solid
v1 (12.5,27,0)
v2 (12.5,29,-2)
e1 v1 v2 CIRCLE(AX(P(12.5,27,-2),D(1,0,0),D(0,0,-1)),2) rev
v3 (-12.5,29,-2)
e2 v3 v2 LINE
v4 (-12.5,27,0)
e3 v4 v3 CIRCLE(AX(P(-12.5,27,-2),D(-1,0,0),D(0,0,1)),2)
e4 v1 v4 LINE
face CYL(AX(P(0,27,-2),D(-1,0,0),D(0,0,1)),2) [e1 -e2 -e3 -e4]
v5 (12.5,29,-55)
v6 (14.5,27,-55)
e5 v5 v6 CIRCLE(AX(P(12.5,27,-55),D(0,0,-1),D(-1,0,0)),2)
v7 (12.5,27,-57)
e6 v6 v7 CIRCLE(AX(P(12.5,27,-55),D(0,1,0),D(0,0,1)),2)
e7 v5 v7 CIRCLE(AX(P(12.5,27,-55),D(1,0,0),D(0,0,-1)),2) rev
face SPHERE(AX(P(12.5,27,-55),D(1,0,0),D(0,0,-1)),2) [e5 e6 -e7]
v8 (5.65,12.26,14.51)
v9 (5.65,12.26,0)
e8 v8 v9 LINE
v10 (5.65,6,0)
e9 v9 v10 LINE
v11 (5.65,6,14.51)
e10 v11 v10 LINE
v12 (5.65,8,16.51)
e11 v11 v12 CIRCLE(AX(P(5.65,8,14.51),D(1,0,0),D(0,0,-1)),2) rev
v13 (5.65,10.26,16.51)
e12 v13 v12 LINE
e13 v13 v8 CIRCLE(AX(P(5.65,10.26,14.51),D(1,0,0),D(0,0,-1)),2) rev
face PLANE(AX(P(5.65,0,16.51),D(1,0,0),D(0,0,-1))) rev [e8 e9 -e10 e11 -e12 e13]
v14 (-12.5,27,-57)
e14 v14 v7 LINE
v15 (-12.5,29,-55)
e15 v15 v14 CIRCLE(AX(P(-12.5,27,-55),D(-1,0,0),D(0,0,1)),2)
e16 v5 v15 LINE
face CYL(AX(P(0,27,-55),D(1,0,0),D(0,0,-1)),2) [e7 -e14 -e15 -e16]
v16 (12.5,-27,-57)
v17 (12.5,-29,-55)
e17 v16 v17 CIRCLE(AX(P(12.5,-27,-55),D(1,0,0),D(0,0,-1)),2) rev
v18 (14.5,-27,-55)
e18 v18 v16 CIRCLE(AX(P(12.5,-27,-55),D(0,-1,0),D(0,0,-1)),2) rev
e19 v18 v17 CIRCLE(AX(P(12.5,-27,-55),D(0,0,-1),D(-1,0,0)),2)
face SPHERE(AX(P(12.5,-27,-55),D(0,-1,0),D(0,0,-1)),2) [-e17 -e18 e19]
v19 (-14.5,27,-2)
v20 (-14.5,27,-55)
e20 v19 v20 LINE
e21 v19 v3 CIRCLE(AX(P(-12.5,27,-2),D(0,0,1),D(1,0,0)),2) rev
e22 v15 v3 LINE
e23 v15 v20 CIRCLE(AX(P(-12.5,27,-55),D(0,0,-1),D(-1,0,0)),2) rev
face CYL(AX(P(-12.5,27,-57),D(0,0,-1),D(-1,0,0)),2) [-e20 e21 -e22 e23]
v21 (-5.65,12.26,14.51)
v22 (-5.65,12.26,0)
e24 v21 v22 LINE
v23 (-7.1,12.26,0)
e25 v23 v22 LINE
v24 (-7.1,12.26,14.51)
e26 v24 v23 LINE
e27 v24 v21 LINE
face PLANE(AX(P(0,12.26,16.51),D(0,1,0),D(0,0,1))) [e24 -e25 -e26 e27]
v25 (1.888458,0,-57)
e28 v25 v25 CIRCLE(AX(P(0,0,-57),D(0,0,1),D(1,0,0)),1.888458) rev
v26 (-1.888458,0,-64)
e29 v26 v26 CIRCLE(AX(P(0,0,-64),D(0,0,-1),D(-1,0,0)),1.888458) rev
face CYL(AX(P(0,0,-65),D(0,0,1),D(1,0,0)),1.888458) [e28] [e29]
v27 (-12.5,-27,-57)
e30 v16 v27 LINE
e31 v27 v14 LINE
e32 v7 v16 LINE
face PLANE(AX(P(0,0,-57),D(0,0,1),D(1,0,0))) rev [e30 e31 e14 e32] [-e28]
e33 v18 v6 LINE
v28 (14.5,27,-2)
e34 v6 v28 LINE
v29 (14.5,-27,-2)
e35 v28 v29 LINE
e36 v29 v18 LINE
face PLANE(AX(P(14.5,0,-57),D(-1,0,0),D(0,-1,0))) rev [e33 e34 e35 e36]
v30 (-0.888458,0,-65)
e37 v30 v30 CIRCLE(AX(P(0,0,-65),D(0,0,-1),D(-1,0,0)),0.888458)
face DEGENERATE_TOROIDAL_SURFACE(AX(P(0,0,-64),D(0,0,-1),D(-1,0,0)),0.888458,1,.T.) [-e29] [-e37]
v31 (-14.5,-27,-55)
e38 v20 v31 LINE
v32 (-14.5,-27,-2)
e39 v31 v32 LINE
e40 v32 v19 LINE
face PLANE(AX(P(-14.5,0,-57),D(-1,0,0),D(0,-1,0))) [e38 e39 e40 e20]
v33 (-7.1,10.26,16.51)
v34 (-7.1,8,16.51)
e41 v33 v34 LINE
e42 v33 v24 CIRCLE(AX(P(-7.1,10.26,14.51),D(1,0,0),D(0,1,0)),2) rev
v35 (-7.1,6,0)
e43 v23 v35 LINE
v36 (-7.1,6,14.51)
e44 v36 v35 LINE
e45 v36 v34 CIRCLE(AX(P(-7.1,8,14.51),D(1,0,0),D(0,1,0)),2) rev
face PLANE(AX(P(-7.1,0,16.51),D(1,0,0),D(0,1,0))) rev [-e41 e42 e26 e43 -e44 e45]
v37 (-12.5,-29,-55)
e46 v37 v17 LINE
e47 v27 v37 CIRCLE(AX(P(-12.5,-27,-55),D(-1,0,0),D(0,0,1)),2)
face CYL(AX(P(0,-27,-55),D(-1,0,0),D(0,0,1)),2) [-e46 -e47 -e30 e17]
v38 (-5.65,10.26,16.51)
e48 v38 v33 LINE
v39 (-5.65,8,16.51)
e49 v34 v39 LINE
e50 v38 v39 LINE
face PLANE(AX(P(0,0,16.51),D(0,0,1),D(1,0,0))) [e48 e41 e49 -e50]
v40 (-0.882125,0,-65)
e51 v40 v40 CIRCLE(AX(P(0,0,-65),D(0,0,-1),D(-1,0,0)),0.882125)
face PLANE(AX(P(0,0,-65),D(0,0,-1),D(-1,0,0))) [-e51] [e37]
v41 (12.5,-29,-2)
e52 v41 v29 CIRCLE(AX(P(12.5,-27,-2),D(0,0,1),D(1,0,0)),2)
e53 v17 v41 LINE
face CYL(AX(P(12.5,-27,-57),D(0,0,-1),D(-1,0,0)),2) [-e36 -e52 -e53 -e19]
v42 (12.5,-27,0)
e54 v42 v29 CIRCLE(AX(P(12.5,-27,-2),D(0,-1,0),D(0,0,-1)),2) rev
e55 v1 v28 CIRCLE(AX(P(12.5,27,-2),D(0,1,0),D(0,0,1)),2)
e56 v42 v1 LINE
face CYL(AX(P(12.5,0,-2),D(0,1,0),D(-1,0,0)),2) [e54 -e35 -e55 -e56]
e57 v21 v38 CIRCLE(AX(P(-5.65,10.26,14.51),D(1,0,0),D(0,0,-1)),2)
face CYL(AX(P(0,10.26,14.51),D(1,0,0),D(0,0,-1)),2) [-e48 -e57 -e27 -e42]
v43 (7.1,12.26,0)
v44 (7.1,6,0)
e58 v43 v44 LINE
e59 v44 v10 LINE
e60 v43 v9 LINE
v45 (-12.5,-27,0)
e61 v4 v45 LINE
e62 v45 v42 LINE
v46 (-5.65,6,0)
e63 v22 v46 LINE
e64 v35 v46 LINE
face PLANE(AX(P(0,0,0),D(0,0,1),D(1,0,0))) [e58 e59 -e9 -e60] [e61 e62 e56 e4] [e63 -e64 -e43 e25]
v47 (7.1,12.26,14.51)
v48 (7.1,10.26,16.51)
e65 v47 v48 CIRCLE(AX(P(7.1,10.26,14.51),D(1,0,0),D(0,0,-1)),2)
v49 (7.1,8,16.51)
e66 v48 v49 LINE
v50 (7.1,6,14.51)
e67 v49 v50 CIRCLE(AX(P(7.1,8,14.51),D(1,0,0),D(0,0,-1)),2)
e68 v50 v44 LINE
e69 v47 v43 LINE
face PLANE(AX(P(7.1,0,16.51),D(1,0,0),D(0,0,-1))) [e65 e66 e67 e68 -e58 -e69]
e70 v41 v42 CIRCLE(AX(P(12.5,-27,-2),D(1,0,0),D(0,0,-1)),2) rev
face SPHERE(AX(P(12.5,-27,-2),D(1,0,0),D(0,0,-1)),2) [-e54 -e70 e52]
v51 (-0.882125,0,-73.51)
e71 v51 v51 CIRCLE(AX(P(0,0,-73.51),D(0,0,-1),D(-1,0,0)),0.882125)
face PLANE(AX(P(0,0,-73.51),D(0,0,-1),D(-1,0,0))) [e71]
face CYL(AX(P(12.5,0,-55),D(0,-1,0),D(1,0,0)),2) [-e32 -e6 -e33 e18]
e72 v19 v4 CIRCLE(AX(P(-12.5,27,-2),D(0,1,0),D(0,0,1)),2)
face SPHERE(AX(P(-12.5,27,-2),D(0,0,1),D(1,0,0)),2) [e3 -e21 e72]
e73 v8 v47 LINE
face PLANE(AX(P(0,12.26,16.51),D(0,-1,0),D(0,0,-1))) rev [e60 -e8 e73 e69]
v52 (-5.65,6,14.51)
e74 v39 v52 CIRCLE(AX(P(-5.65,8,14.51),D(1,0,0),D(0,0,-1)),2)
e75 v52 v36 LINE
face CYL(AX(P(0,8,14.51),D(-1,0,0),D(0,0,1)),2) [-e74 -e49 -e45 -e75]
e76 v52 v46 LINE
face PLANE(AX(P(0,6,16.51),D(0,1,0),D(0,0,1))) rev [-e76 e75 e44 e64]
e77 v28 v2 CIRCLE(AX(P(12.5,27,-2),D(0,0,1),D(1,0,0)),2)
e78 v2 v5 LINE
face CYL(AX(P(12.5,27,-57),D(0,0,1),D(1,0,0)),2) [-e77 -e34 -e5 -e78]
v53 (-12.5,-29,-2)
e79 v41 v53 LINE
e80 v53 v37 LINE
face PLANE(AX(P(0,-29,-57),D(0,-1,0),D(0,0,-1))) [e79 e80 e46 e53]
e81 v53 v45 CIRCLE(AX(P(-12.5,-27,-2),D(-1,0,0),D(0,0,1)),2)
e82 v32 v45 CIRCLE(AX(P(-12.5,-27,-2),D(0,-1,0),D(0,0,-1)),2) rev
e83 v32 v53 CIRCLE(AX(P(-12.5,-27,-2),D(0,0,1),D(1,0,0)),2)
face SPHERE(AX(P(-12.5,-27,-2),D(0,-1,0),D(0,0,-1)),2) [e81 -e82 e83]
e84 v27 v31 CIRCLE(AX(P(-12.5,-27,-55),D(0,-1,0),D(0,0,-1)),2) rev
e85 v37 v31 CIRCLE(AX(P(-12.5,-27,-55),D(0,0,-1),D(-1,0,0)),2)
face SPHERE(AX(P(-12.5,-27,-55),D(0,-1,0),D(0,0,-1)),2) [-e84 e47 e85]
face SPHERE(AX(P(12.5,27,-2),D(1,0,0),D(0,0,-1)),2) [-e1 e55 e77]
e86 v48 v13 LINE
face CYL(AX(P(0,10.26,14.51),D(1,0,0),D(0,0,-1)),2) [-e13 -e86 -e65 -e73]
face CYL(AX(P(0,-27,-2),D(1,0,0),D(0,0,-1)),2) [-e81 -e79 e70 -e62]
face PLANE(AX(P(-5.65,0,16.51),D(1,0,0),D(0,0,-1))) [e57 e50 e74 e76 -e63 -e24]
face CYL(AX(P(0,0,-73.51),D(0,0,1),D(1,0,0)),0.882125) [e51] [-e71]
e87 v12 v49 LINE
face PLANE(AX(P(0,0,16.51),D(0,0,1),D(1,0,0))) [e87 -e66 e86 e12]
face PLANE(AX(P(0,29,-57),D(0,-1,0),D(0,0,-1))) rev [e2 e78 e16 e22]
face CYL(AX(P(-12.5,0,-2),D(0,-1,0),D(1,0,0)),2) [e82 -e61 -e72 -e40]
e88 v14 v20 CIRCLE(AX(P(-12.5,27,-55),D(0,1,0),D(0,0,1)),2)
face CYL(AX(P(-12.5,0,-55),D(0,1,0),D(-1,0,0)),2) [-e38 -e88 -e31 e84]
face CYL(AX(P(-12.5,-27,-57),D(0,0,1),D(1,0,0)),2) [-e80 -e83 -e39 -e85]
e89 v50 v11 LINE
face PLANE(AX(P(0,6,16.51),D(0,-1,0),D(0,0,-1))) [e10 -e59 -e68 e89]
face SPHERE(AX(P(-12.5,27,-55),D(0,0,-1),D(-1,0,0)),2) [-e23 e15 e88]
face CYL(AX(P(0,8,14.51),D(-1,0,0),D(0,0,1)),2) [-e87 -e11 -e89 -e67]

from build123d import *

# Parameters (mm, degrees)
SKETCH1_W           = 29
SKETCH1_H           = 58
BOSS_EXTRUDE1_DEPTH = 57
SKETCH1_3_W         = 1.45
SKETCH1_3_H         = 6.26
BOSS_EXTRUDE2_DEPTH = 16.51
FILLET1_R           = 2
SKETCH2_R           = 0.882124602
BOSS_EXTRUDE3_DEPTH = 16.51
SKETCH2_3_R         = 1.888458119
SKETCH2_3_R_2       = 0.882124602
BOSS_EXTRUDE4_DEPTH = 8
FILLET2_R           = 1


with BuildPart() as part:
    # Sketch1 → Boss-Extrude1 (new body)
    with BuildSketch(Plane.XY):
        Rectangle(SKETCH1_W, SKETCH1_H)
    extrude(amount=-BOSS_EXTRUDE1_DEPTH)

    # Sketch1<3> → Boss-Extrude2 (add)
    with BuildSketch(Plane.XY):
        with Locations((-6.375, 9.13)):
            Rectangle(SKETCH1_3_W, SKETCH1_3_H)
        with Locations((6.375, 9.13)):
            Rectangle(SKETCH1_3_W, SKETCH1_3_H)
    extrude(amount=BOSS_EXTRUDE2_DEPTH)

    # Fillet1
    fillet1_edges = [part.edges().sort_by_distance(p)[0] for p in [
        (-14.5, 29, -28.5),
        (0, 29, -57),
        (14.5, 29, -28.5),
        (0, 29, 0),
        (-6.375, 12.26, 16.51),
        (-6.375, 6, 16.51),
        (6.375, 6, 16.51),
        (6.375, 12.26, 16.51),
        (0, -29, 0),
        (-14.5, 0, 0),
        (-14.5, 0, -57),
        (-14.5, -29, -28.5),
        (0, -29, -57),
        (14.5, -29, -28.5),
        (14.5, 0, -57),
        (14.5, 0, 0),
    ]]
    fillet(fillet1_edges, radius=FILLET1_R)

    # Sketch2 → Boss-Extrude3 (add)
    with BuildSketch(Plane(origin=(0, 0, -57), x_dir=(-1, 0, 0), z_dir=(0, 0, -1))):
        Circle(SKETCH2_R)
    extrude(amount=BOSS_EXTRUDE3_DEPTH)

    # Sketch2<3> → Boss-Extrude4 (add)
    with BuildSketch(Plane(origin=(0, 0, -57), x_dir=(-1, 0, 0), z_dir=(0, 0, -1))):
        Circle(SKETCH2_3_R)
        Circle(SKETCH2_3_R_2, mode=Mode.SUBTRACT)
    extrude(amount=BOSS_EXTRUDE4_DEPTH)

    # Fillet2
    fillet2_edges = [part.edges().sort_by_distance(p)[0] for p in [
        (1.888458119, 0, -65),
    ]]
    fillet(fillet2_edges, radius=FILLET2_R)


solid = part.part
